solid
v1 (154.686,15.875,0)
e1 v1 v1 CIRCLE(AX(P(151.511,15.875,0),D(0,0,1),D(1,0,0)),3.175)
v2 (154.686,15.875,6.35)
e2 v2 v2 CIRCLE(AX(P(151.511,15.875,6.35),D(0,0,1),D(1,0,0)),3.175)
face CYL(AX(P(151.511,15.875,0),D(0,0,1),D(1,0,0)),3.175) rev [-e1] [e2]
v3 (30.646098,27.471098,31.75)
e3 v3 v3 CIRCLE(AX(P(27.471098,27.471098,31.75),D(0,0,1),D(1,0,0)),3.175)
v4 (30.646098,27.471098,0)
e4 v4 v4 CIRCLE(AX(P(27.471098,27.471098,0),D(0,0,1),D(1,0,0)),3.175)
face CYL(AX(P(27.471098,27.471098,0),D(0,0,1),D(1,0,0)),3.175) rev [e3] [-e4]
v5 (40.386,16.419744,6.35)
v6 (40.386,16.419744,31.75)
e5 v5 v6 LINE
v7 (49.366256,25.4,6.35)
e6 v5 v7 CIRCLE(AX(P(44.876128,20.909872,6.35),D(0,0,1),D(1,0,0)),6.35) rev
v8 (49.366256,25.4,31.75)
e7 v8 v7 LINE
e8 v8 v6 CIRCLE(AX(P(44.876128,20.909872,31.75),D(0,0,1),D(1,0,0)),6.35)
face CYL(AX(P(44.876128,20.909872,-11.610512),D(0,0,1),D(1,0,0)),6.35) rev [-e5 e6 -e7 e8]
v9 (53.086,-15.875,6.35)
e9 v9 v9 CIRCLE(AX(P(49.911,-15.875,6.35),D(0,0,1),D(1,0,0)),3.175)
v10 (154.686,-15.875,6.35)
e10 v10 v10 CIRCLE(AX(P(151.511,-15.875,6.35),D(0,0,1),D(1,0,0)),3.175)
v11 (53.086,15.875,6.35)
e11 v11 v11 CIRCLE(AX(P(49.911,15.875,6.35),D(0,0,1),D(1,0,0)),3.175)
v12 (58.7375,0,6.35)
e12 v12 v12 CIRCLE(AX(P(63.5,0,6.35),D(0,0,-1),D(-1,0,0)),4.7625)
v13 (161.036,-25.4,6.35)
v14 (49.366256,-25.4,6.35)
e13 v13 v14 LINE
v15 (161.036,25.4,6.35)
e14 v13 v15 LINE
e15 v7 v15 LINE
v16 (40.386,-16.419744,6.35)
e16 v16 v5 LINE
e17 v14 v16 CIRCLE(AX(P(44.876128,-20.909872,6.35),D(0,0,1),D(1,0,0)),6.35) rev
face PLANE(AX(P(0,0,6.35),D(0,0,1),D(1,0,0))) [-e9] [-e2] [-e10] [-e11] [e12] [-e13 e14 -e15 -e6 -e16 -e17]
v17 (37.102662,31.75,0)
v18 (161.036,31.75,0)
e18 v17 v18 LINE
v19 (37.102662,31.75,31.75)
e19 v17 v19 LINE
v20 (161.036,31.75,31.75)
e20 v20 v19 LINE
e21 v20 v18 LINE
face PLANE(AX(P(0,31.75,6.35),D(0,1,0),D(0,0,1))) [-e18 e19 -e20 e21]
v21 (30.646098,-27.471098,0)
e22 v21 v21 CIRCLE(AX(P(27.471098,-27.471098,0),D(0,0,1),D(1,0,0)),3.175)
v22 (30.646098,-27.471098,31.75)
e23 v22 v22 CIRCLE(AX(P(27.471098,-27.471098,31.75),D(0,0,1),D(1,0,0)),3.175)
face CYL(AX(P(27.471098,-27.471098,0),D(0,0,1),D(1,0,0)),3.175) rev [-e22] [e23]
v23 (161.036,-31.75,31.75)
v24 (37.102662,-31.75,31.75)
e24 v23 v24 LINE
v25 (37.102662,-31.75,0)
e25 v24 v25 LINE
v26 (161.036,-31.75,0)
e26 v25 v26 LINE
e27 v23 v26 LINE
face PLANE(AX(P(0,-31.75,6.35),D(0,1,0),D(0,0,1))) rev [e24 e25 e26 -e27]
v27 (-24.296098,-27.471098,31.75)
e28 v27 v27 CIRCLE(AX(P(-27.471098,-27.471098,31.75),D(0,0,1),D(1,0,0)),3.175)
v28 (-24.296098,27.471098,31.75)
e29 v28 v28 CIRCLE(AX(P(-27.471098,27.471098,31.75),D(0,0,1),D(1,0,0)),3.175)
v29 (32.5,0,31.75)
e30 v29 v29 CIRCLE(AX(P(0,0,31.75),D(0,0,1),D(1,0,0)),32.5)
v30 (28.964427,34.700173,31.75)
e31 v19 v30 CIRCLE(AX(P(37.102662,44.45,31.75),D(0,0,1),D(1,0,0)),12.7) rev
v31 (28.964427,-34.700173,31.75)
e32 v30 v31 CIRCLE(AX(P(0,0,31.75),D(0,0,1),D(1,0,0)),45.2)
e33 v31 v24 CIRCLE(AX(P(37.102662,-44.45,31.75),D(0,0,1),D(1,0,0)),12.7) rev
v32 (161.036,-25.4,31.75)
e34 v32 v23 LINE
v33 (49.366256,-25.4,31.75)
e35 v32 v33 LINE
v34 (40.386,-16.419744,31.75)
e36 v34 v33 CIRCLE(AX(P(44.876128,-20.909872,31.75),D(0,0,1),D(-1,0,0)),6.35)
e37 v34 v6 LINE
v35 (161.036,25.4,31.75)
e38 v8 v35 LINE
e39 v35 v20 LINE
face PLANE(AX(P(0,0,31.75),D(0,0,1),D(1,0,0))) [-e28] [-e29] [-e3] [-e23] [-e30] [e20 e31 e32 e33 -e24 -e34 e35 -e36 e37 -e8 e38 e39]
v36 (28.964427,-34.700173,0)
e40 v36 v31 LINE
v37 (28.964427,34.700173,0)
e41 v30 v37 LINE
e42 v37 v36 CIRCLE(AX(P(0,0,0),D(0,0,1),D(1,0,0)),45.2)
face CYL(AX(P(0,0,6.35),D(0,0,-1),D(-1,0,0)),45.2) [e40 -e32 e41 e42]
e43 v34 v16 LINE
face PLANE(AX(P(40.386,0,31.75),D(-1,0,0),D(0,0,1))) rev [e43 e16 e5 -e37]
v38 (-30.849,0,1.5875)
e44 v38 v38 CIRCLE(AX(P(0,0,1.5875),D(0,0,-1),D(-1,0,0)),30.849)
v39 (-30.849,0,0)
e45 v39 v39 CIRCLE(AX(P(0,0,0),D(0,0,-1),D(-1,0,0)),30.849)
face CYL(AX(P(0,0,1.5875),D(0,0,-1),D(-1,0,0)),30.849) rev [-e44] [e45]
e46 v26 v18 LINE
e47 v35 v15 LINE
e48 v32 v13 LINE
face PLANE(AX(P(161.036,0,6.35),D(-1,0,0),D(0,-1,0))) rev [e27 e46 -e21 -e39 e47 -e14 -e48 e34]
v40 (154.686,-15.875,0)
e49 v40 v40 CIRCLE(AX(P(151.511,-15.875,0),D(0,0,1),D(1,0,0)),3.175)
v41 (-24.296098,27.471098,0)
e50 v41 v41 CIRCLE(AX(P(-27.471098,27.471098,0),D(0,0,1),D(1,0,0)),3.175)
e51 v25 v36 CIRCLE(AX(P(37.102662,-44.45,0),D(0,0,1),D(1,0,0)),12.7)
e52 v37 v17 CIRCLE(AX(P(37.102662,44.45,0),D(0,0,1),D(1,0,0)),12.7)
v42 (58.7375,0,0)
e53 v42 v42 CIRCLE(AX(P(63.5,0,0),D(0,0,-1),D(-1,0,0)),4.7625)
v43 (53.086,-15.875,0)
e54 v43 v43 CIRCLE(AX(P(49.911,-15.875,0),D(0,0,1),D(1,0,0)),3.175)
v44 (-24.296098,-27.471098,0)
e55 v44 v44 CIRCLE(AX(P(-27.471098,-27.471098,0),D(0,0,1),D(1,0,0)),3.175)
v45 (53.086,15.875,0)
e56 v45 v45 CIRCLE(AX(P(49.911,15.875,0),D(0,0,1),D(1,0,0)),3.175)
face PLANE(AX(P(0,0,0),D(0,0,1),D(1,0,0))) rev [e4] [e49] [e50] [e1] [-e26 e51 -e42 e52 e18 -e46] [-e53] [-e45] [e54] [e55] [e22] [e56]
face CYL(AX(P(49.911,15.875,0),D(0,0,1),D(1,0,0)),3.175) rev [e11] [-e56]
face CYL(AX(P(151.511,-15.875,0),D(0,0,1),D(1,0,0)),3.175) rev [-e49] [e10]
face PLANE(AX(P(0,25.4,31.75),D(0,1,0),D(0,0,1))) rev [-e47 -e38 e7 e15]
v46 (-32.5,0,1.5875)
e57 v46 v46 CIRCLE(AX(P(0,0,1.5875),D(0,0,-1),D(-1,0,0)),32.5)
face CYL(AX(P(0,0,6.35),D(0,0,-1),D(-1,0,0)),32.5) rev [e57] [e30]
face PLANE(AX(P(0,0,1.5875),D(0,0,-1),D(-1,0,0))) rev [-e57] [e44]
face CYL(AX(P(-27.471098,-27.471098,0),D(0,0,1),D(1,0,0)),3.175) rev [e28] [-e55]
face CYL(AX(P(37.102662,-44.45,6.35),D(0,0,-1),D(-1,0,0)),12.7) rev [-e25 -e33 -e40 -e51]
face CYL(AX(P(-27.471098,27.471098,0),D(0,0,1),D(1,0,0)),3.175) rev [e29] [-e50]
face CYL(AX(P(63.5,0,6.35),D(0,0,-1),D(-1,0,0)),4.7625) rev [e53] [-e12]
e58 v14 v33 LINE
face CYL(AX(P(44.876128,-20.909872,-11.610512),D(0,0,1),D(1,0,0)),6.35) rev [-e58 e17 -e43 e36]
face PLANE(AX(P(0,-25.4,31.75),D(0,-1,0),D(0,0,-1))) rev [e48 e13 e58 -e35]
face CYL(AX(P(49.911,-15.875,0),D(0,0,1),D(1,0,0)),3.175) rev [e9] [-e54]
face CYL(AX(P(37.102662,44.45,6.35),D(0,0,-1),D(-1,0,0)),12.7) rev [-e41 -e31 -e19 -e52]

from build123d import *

# Parameters (mm, degrees)
SKETCH1_R               = 32.5
SKETCH1_W               = 120.65
SKETCH1_H               = 50.8
BOSS_EXTRUDE2_DEPTH     = 6.35
BOSS_EXTRUDE3_START     = 6.35
SKETCH1_3_R             = 32.5
BOSS_EXTRUDE3_DEPTH     = 25.4
CUT_EXTRUDE1_DEPTH      = 170.176810751
CUT_EXTRUDE1_DEPTH_BACK = 170.176810751
SKETCH2_R               = 3.175
SKETCH3_R               = 6.35
CUT_EXTRUDE2_DEPTH      = 25.4
SKETCH4_3_R             = 4.7625
CUT_EXTRUDE3_DEPTH      = 6.35
FILLET1_R               = 12.7
SKETCH5_R               = 32.5
SKETCH5_R_2             = 30.849
BOSS_EXTRUDE6_DEPTH     = 1.5875


with BuildPart() as part:
    # Sketch1 → Boss-Extrude2 (new body)
    # profile 1 of 2: a face of its own
    with BuildSketch(Plane.XY):
        with BuildLine():
            Line((32.171066193, 31.75), (161.036, 31.75))
            Line((161.036, 31.75), (161.036, 25.4))
            Line((161.036, 25.4), (40.386, 25.4))
            Line((40.386, 25.4), (40.386, -25.4))
            Line((40.386, -25.4), (161.036, -25.4))
            Line((161.036, -25.4), (161.036, -31.75))
            Line((161.036, -31.75), (32.171066193, -31.75))
            ThreePointArc((32.171066193, -31.75), (-45.2, 0), (32.171066193, 31.75))
        make_face()
        Circle(SKETCH1_R, mode=Mode.SUBTRACT)
    # profile 2 of 2: a face of its own
    with BuildSketch(Plane.XY):
        with Locations((100.711, 0)):
            Rectangle(SKETCH1_W, SKETCH1_H)
    extrude(amount=BOSS_EXTRUDE2_DEPTH)

    # Sketch1<3> → Boss-Extrude3 (add)
    with BuildSketch(Plane.XY.offset(BOSS_EXTRUDE3_START)):
        with BuildLine():
            Line((32.171066193, 31.75), (161.036, 31.75))
            Line((161.036, 31.75), (161.036, 25.4))
            Line((161.036, 25.4), (40.386, 25.4))
            Line((40.386, 25.4), (40.386, -25.4))
            Line((40.386, -25.4), (161.036, -25.4))
            Line((161.036, -25.4), (161.036, -31.75))
            Line((161.036, -31.75), (32.171066193, -31.75))
            ThreePointArc((32.171066193, -31.75), (-45.2, 0), (32.171066193, 31.75))
        make_face()
        Circle(SKETCH1_3_R, mode=Mode.SUBTRACT)
    extrude(amount=BOSS_EXTRUDE3_DEPTH)

    # Sketch2 → Cut-Extrude1 (cut, two sides: drawn at the far end of the back side and taken through both)
    with BuildSketch(Plane.XY.offset(6.35).offset(-CUT_EXTRUDE1_DEPTH_BACK)):
        with Locations((49.911, 15.875)):
            Circle(SKETCH2_R)
        with Locations((151.511, 15.875)):
            Circle(SKETCH2_R)
        with Locations((151.511, -15.875)):
            Circle(SKETCH2_R)
        with Locations((49.911, -15.875)):
            Circle(SKETCH2_R)
        with Locations((27.471098449, 27.471098449)):
            Circle(SKETCH2_R)
        with Locations((27.471098449, -27.471098449)):
            Circle(SKETCH2_R)
        with Locations((-27.471098449, -27.471098449)):
            Circle(SKETCH2_R)
        with Locations((-27.471098449, 27.471098449)):
            Circle(SKETCH2_R)
    extrude(amount=CUT_EXTRUDE1_DEPTH + CUT_EXTRUDE1_DEPTH_BACK, mode=Mode.SUBTRACT)

    # Sketch3 → Cut-Extrude2 (cut)
    with BuildSketch(Plane.XY.offset(31.75)):
        with Locations((44.876128061, 20.909871939)):
            Circle(SKETCH3_R)
        with Locations((44.876128061, -20.909871939)):
            Circle(SKETCH3_R)
    extrude(amount=-CUT_EXTRUDE2_DEPTH, mode=Mode.SUBTRACT)

    # Sketch4<3> → Cut-Extrude3 (cut)
    with BuildSketch(Plane(origin=(0, 0, 0), x_dir=(-1, 0, 0), z_dir=(0, 0, -1))):
        with Locations((-63.5, 0)):
            Circle(SKETCH4_3_R)
    extrude(amount=-CUT_EXTRUDE3_DEPTH, mode=Mode.SUBTRACT)

    # Fillet1
    fillet1_edges = [part.edges().sort_by_distance(p)[0] for p in [
        (32.171066193, -31.75, 15.875),
        (32.171066193, 31.75, 15.875),
    ]]
    fillet(fillet1_edges, radius=FILLET1_R)

    # Sketch5 → Boss-Extrude6 (add)
    with BuildSketch(Plane(origin=(0, 0, 0), x_dir=(-1, 0, 0), z_dir=(0, 0, -1))):
        Circle(SKETCH5_R)
        Circle(SKETCH5_R_2, mode=Mode.SUBTRACT)
    extrude(amount=-BOSS_EXTRUDE6_DEPTH)


solid = part.part
